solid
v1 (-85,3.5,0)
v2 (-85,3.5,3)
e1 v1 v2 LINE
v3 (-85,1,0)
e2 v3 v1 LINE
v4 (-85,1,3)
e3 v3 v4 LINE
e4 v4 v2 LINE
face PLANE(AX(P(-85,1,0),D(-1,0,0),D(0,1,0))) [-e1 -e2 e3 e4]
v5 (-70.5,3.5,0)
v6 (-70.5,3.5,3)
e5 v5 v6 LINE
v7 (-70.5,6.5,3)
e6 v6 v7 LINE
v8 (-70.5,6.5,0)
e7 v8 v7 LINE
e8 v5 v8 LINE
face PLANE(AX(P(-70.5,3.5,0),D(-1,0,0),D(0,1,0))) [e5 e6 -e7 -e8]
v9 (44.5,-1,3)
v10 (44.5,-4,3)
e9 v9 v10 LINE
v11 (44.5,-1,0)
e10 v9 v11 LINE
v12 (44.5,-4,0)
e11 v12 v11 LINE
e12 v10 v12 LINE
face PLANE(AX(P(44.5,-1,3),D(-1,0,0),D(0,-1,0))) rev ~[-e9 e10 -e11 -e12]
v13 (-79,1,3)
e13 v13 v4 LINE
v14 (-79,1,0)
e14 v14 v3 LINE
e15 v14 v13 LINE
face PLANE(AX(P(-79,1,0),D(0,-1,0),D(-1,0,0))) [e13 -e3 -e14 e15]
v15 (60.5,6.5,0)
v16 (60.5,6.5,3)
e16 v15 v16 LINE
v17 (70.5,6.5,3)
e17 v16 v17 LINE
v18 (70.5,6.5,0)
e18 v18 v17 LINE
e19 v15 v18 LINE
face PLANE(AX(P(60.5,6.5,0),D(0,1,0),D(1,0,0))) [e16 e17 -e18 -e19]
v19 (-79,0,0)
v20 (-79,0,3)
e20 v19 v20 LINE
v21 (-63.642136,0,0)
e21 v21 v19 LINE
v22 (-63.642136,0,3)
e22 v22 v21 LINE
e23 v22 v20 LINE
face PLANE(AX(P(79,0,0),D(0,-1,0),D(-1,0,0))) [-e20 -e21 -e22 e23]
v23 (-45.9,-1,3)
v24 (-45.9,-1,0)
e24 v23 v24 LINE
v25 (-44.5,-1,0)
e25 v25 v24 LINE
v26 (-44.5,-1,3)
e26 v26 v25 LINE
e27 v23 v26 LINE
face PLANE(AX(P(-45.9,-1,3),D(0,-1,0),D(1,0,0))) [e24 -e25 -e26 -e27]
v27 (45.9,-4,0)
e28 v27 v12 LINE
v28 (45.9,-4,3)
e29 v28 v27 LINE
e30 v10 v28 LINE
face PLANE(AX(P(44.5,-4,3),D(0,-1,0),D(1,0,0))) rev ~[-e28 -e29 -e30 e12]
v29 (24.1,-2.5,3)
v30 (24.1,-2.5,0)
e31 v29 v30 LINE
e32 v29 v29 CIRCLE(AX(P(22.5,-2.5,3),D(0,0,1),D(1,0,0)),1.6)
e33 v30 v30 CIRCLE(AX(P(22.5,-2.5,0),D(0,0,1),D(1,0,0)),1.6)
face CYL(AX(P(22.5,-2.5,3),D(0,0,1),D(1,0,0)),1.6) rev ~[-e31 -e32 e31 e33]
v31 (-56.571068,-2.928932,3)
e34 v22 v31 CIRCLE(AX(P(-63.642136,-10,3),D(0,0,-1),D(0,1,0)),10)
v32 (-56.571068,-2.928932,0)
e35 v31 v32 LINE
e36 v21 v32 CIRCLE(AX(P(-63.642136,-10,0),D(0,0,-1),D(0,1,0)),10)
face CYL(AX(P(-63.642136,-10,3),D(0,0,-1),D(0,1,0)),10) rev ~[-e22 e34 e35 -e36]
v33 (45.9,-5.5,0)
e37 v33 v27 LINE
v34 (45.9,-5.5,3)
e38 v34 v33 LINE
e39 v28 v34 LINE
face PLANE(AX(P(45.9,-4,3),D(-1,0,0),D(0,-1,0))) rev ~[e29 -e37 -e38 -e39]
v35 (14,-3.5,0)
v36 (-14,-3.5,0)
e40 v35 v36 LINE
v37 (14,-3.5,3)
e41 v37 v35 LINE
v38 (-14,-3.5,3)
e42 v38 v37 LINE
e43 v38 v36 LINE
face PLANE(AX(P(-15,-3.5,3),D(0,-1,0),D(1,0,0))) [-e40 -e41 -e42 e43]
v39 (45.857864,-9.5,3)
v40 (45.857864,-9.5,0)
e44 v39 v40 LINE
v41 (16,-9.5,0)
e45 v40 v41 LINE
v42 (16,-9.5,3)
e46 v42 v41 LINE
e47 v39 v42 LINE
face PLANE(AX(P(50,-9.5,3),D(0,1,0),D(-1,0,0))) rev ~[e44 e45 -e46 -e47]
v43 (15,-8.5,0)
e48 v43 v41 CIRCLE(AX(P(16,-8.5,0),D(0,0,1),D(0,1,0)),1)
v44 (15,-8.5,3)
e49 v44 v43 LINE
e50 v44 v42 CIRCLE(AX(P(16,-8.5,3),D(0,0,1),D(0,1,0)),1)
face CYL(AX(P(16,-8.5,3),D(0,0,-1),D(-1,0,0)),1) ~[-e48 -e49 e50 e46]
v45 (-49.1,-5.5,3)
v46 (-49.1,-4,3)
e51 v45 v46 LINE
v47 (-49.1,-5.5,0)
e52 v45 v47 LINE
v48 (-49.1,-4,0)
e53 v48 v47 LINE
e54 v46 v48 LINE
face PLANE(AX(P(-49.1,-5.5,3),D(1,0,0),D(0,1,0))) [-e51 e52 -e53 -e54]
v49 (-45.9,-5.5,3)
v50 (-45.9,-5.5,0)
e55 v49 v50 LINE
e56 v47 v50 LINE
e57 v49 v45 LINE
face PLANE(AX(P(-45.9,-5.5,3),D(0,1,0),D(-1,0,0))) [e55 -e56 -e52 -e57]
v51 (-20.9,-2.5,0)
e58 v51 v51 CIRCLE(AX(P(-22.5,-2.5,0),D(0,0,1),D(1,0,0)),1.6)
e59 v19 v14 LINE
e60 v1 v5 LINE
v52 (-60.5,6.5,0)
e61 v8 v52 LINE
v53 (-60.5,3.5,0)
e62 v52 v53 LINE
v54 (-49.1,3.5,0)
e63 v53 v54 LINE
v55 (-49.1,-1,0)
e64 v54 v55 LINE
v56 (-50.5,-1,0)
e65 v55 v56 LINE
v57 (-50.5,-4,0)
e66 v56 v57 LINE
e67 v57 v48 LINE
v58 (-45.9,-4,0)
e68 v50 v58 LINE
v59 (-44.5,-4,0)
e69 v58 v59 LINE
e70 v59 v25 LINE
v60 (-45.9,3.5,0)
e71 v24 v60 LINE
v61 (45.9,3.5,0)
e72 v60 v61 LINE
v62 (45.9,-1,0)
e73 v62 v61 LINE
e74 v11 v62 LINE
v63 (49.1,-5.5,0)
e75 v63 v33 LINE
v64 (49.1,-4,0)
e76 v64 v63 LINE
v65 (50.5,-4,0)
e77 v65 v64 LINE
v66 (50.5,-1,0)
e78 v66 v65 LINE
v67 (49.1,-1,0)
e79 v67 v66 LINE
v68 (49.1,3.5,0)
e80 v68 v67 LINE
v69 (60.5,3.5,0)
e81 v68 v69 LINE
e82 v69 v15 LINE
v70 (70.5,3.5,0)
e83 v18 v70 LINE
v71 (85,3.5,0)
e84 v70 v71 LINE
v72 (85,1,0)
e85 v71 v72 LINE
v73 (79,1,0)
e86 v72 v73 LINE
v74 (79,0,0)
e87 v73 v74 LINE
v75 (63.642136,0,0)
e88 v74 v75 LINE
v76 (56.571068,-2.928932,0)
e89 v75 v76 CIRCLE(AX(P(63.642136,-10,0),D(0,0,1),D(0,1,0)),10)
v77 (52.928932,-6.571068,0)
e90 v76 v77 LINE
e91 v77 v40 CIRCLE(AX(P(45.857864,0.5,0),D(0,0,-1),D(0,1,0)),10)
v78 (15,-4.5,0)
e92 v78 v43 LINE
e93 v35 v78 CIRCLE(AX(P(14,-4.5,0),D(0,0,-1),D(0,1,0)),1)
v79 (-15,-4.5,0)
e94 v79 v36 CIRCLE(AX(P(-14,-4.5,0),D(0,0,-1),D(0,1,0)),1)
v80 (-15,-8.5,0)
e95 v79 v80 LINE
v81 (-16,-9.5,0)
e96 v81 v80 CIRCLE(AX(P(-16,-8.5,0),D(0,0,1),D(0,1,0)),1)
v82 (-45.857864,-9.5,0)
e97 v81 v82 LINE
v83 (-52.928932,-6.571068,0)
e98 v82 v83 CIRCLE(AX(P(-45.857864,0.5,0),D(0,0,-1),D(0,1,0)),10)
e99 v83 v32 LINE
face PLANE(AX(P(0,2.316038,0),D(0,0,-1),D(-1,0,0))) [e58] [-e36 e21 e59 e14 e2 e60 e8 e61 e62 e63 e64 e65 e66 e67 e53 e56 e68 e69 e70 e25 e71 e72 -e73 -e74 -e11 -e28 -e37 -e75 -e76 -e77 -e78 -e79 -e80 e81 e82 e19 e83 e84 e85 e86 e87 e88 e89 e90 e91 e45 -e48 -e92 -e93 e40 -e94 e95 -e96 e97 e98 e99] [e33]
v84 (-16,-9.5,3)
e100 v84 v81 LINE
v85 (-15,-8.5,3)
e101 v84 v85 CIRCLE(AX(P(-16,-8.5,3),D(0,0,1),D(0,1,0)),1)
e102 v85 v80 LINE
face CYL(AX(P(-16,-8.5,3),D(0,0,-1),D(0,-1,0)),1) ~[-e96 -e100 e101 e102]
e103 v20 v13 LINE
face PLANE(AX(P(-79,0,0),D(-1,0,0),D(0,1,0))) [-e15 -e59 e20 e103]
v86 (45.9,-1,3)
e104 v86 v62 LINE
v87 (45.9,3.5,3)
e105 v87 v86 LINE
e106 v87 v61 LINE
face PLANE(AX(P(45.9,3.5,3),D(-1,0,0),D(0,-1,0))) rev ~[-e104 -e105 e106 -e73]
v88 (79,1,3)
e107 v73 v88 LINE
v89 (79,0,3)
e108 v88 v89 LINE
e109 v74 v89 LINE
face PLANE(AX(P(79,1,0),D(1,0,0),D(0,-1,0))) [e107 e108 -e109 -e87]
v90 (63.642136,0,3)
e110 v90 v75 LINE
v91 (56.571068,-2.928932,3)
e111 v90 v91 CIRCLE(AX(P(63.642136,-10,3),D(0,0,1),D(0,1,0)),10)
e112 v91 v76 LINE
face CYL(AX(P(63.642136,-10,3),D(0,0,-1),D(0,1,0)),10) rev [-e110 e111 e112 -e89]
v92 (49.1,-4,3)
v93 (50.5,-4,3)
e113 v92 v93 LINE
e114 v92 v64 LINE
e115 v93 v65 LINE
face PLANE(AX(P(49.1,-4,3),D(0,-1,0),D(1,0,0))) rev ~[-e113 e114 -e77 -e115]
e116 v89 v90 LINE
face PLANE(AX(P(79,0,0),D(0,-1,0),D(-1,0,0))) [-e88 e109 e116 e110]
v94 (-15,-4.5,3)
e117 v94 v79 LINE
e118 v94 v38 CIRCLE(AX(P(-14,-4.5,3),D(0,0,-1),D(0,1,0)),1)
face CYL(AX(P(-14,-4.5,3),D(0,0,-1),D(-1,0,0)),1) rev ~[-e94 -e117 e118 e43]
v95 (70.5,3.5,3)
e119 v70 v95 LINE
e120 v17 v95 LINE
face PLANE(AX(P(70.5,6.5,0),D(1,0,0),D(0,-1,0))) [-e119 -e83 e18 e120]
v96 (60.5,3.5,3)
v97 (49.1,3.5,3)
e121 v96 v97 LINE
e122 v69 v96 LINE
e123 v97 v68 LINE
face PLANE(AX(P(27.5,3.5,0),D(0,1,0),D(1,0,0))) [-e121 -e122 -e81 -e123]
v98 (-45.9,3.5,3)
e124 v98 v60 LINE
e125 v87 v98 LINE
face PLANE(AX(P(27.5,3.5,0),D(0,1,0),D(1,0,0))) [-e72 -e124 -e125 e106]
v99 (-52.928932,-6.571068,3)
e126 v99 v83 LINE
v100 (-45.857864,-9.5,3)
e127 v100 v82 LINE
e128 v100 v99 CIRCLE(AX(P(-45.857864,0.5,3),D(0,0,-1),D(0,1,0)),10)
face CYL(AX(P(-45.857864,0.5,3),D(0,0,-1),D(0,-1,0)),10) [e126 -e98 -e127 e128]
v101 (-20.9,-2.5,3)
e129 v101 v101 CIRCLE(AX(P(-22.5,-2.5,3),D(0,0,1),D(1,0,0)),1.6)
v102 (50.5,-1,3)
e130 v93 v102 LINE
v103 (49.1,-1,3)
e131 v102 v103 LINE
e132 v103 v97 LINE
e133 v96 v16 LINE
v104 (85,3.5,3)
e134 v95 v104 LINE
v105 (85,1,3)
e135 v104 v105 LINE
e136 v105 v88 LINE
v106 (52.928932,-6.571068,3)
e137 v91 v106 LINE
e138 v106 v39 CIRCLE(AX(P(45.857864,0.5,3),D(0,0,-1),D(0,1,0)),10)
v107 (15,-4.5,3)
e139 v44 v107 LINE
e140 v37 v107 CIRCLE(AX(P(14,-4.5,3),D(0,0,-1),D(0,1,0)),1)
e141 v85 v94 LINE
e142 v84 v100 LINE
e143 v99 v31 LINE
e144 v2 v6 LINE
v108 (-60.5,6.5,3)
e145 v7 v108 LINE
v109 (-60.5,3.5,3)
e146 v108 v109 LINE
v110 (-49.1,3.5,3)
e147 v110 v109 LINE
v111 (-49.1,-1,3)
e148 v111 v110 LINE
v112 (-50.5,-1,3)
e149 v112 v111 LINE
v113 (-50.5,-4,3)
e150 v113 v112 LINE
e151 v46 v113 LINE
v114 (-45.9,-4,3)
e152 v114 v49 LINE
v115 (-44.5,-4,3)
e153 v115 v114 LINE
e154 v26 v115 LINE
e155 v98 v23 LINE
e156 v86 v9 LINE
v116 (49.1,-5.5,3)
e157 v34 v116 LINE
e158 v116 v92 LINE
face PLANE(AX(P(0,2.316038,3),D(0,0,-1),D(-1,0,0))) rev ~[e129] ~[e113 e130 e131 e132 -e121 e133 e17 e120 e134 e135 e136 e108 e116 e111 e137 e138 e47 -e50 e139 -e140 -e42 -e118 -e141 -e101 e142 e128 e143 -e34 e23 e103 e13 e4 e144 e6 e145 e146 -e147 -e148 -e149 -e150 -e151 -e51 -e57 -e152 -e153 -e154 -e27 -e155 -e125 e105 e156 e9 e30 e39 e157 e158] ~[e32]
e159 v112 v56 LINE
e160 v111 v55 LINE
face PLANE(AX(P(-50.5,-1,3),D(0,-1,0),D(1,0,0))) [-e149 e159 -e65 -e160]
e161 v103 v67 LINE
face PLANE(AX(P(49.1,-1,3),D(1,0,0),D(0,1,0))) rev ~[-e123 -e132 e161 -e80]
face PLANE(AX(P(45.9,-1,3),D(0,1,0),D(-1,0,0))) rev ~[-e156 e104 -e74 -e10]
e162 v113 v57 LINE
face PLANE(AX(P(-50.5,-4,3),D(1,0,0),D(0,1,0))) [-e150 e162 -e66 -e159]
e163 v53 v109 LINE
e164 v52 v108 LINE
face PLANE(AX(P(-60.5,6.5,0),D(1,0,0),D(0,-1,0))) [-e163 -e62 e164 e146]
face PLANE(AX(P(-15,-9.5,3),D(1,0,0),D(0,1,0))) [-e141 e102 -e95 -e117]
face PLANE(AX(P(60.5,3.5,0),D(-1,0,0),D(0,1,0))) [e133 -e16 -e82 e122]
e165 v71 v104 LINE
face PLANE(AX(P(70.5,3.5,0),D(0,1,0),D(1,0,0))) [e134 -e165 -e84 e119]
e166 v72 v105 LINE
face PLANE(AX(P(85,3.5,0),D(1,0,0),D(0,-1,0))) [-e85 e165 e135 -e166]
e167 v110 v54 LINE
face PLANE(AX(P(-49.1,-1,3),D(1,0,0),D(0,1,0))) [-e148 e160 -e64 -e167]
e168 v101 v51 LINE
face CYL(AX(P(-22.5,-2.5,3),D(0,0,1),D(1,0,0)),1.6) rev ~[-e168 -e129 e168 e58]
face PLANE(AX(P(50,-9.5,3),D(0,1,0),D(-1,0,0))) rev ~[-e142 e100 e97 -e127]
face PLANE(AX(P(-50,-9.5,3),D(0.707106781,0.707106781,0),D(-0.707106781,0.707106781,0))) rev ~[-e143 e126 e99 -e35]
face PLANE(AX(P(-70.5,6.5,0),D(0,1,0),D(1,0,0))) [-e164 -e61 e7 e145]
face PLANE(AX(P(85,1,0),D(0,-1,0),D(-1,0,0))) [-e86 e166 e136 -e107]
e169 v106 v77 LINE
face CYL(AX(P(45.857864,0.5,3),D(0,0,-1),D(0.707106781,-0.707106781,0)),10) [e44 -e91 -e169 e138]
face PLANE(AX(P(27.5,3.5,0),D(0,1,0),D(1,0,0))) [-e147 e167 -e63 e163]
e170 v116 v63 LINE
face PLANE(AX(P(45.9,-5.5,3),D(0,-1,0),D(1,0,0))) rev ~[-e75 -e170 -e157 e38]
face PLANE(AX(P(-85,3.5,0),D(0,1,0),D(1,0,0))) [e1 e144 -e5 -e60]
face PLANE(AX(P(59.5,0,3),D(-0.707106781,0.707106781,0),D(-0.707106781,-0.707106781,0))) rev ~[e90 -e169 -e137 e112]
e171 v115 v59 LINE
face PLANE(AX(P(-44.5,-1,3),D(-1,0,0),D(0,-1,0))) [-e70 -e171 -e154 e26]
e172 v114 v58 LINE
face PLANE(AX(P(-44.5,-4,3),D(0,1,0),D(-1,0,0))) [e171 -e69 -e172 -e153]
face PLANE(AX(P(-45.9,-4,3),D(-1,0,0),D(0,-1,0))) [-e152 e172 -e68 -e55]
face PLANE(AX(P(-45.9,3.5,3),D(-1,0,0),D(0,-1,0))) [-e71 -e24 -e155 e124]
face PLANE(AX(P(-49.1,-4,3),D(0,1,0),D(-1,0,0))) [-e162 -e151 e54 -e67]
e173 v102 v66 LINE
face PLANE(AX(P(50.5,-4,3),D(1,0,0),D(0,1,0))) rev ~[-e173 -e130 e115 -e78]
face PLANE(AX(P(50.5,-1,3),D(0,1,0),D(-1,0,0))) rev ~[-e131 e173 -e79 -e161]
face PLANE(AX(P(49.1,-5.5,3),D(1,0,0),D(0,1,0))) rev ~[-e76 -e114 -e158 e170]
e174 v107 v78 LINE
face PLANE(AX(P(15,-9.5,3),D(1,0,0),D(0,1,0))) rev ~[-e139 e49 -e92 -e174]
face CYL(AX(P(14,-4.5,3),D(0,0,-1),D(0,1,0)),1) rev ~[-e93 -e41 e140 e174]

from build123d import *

# Parameters (mm, degrees)
EXTRUDE_1_DEPTH     = 3
SKETCH_2_W          = 55
SKETCH_2_H          = 3
CUT_EXTRUDE_1_DEPTH = 86.300937861
EXTRUDE_2_DEPTH     = 3
FILLET_1_R          = 10
SKETCH_4_R          = 1.6
SKETCH_4_W          = 30
SKETCH_4_H          = 6
CUT_EXTRUDE_2_DEPTH = 86.581832184
FILLET_2_R          = 1


with BuildPart() as part:
    # 草图1 → 凸台-拉伸1 (new body)
    with BuildSketch(Plane.XY):
        Polygon((-85, 1), (-85, 3.5), (-70.5, 3.5), (-70.5, 6.5), (-60.5, 6.5), (-60.5, 3.5), (-27.5, 3.5), (-27.5, 6.5), (-17.5, 6.5), (-17.5, 3.5), (17.5, 3.5), (17.5, 6.5), (27.5, 6.5), (27.5, 3.5), (60.5, 3.5), (60.5, 6.5), (70.5, 6.5), (70.5, 3.5), (85, 3.5), (85, 1), (79, 1), (79, 0), (-79, 0), (-79, 1), align=None)
    extrude(amount=EXTRUDE_1_DEPTH)

    # 草图2 → 切除-拉伸1 (cut, through all)
    with BuildSketch(Plane.XY.offset(3)):
        with Locations((0, 5)):
            Rectangle(SKETCH_2_W, SKETCH_2_H)
    extrude(amount=-CUT_EXTRUDE_1_DEPTH, mode=Mode.SUBTRACT)

    # 草图3 → 凸台-拉伸2 (add)
    with BuildSketch(Plane.XY.offset(3)):
        Polygon((-50, 0), (50, 0), (59.5, 0), (50, -9.5), (-50, -9.5), (-59.5, 0), align=None)
    extrude(amount=-EXTRUDE_2_DEPTH)

    # 圆角1
    fillet_1_edges = [part.edges().sort_by_distance(p)[0] for p in [
        (-59.5, 0, 1.5),
        (59.5, 0, 1.5),
        (50, -9.5, 1.5),
        (-50, -9.5, 1.5),
    ]]
    fillet(fillet_1_edges, radius=FILLET_1_R)

    # 草图4 → 切除-拉伸2 (cut, through all)
    with BuildSketch(Plane.XY.offset(3)):
        with Locations((-22.5, -2.5)):
            Circle(SKETCH_4_R)
        with Locations((22.5, -2.5)):
            Circle(SKETCH_4_R)
        Polygon((-49.1, 3.5), (-45.9, 3.5), (-45.9, -1), (-44.5, -1), (-44.5, -4), (-45.9, -4), (-45.9, -5.5), (-49.1, -5.5), (-49.1, -4), (-50.5, -4), (-50.5, -1), (-49.1, -1), align=None)
        Polygon((50.5, -1), (49.1, -1), (49.1, 3.5), (45.9, 3.5), (45.9, -1), (44.5, -1), (44.5, -4), (45.9, -4), (45.9, -5.5), (49.1, -5.5), (49.1, -4), (50.5, -4), align=None)
        with Locations((0, -6.5)):
            Rectangle(SKETCH_4_W, SKETCH_4_H)
    extrude(amount=-CUT_EXTRUDE_2_DEPTH, mode=Mode.SUBTRACT)

    # 圆角2
    fillet_2_edges = [part.edges().sort_by_distance(p)[0] for p in [
        (-15, -9.5, 1.5),
        (-15, -3.5, 1.5),
        (15, -3.5, 1.5),
        (15, -9.5, 1.5),
    ]]
    fillet(fillet_2_edges, radius=FILLET_2_R)


solid = part.part
